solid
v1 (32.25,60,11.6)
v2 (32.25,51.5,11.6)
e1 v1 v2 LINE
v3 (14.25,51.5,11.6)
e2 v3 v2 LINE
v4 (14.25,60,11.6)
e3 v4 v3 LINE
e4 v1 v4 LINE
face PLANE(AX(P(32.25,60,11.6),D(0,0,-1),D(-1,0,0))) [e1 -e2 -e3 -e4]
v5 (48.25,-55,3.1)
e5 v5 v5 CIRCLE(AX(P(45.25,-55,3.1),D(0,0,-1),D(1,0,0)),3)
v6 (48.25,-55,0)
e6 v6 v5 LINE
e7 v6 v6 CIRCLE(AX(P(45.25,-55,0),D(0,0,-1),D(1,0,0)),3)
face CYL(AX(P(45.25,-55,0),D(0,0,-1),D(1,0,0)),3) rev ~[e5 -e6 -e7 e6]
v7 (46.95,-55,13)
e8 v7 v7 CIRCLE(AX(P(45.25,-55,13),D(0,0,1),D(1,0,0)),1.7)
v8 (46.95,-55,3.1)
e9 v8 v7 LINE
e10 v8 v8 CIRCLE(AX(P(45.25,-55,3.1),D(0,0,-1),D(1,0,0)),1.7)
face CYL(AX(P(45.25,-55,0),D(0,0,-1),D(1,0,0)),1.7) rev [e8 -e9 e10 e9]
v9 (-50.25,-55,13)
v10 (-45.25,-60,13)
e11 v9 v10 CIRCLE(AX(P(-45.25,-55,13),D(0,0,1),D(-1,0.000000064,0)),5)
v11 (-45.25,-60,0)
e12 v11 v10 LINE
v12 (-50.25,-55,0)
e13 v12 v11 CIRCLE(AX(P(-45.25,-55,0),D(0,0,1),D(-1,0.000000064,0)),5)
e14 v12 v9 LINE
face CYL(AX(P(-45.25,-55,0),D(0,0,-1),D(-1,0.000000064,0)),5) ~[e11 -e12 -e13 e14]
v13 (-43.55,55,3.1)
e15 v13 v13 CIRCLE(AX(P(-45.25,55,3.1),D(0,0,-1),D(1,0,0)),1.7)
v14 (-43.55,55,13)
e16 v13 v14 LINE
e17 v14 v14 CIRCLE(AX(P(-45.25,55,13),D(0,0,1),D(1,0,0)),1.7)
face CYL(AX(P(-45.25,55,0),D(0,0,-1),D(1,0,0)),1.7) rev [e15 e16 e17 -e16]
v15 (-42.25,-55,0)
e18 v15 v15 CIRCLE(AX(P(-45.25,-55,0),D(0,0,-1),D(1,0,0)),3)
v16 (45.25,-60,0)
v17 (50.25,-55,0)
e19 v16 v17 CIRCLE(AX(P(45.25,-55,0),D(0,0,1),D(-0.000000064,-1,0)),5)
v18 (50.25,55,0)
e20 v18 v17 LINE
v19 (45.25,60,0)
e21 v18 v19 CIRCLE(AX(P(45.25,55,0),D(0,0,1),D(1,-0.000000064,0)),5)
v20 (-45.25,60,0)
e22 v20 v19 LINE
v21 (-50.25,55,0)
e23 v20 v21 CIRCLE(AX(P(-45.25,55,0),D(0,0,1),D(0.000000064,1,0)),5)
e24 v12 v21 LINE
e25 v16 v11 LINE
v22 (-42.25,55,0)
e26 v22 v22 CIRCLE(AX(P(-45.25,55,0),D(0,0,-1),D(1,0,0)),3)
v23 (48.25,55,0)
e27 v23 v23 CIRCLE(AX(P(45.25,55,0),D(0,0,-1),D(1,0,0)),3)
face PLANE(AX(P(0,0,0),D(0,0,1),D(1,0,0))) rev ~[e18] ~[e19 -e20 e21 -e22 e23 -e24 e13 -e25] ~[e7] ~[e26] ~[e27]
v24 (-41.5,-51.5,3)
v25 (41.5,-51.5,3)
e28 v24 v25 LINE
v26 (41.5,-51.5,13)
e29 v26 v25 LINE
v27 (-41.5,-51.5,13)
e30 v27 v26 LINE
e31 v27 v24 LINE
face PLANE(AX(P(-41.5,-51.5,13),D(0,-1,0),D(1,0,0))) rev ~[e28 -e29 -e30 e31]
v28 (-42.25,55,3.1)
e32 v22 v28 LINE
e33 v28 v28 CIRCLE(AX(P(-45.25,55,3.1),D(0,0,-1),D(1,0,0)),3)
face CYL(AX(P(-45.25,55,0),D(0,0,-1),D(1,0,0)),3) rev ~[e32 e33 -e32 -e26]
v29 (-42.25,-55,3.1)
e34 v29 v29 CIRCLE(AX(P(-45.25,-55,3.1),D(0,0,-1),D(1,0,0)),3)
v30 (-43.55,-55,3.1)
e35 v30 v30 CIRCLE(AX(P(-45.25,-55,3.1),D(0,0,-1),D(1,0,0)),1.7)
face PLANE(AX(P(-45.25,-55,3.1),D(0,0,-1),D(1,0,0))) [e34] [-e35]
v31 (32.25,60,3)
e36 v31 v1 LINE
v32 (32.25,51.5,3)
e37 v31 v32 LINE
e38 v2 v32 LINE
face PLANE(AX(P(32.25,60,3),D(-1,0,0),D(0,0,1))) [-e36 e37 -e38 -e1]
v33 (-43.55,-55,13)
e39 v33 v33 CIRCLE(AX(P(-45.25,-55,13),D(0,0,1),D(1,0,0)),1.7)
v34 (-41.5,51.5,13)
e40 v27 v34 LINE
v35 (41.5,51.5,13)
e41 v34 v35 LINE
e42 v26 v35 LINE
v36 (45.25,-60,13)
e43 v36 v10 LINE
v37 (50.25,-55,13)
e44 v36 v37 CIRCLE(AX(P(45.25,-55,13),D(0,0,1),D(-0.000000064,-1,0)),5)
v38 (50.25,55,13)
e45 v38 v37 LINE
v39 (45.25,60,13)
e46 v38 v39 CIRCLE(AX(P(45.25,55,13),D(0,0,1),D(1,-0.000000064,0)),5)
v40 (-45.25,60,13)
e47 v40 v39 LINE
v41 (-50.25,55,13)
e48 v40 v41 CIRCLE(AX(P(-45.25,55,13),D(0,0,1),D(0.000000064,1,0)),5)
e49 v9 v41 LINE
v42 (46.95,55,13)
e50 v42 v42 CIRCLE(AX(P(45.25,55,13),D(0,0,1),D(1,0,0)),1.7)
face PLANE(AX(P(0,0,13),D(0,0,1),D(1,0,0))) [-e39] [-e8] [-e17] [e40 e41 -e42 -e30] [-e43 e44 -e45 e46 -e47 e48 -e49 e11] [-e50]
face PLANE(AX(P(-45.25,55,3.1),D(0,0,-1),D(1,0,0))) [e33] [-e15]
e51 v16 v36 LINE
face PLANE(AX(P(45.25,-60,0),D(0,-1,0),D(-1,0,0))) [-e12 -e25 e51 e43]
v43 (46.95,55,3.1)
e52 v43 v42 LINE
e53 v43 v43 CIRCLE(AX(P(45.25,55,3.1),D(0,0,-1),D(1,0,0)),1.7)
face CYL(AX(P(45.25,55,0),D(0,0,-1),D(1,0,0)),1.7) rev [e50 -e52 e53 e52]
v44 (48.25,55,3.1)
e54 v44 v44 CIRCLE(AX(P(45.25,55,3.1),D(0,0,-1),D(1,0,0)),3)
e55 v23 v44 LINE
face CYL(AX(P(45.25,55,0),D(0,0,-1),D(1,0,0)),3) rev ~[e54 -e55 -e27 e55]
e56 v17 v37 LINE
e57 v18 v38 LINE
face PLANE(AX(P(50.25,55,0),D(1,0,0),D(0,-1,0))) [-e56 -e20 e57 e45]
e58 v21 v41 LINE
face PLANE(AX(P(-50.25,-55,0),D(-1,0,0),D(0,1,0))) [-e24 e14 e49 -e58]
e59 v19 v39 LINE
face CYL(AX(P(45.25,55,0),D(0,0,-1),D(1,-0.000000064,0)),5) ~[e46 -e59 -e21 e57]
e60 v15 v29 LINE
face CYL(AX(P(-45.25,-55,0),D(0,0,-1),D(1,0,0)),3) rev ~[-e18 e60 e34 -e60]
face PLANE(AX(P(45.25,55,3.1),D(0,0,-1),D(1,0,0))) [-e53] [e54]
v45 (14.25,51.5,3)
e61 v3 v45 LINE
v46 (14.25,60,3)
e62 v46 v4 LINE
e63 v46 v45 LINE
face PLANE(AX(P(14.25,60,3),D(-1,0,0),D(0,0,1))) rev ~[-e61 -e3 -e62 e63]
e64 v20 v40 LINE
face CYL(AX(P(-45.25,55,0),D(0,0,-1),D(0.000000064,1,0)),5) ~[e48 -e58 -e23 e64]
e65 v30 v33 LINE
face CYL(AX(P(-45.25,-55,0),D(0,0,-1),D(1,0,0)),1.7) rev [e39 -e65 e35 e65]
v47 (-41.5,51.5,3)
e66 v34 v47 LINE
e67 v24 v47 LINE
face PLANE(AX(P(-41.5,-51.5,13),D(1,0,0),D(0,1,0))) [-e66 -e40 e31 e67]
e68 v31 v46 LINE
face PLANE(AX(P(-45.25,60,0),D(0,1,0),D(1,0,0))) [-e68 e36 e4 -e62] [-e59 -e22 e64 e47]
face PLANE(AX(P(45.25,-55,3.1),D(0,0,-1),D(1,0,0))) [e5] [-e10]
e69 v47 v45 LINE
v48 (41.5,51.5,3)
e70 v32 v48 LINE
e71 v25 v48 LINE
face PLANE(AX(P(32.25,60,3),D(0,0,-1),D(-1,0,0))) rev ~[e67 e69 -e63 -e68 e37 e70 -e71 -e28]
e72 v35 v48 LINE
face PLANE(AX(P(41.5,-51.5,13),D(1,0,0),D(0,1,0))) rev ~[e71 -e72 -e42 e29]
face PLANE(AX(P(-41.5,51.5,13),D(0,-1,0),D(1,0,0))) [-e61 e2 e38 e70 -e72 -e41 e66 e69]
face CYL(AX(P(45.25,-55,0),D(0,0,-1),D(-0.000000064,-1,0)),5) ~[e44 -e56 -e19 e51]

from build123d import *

# Parameters (mm, degrees)
SKETCH_R        = 1.7
PAD_DEPTH       = 13
SKETCH001_W     = 83
SKETCH001_H     = 103
POCKET_DEPTH    = 10
SKETCH002_W     = 18
SKETCH002_H     = 8.6
POCKET001_DEPTH = 11
SKETCH004_R     = 3
POCKET002_DEPTH = 3.1
SKETCH006_R     = 3
POCKET003_DEPTH = 3.1
SKETCH007_R     = 3
POCKET004_DEPTH = 3.1
SKETCH005_R     = 3
POCKET005_DEPTH = 3.1


with BuildPart() as part:
    # Sketch → Pad (new body)
    with BuildSketch(Plane.XY):
        with BuildLine():
            ThreePointArc((-45.25, 60), (-48.785534, 58.535534), (-50.25, 55))
            Line((-50.25, -55), (-50.25, 55))
            ThreePointArc((-50.25, -55), (-48.785534, -58.535534), (-45.25, -60))
            Line((45.25, -60), (-45.25, -60))
            ThreePointArc((45.25, -60), (48.785534, -58.535534), (50.25, -55))
            Line((50.25, 55), (50.25, -55))
            ThreePointArc((50.25, 55), (48.785534, 58.535534), (45.25, 60))
            Line((-45.25, 60), (45.25, 60))
        make_face()
        with Locations((-45.25, 55)):
            Circle(SKETCH_R, mode=Mode.SUBTRACT)
        with Locations((45.25, 55)):
            Circle(SKETCH_R, mode=Mode.SUBTRACT)
        with Locations((45.25, -55)):
            Circle(SKETCH_R, mode=Mode.SUBTRACT)
        with Locations((-45.25, -55)):
            Circle(SKETCH_R, mode=Mode.SUBTRACT)
    extrude(amount=PAD_DEPTH)

    # Sketch001 (on Face14 of Pad) → Pocket (cut)
    with BuildSketch(Plane.XY.offset(13)):
        Rectangle(SKETCH001_W, SKETCH001_H)
    extrude(amount=-POCKET_DEPTH, mode=Mode.SUBTRACT)

    # Sketch002 (on Face2 of Pocket) → Pocket001 (cut)
    with BuildSketch(Plane(origin=(0, 60, 0), x_dir=(-1, 0, 0), z_dir=(0, 1, 0))):
        with Locations((-23.25, 7.3)):
            Rectangle(SKETCH002_W, SKETCH002_H)
    extrude(amount=-POCKET001_DEPTH, mode=Mode.SUBTRACT)

    # Sketch004 (on Face4 of Pocket001) → Pocket002 (cut)
    with BuildSketch(Plane(origin=(0, 0, 0), x_dir=(1, 0, 0), z_dir=(0, 0, -1))):
        with Locations((-45.25, -55)):
            Circle(SKETCH004_R)
    extrude(amount=-POCKET002_DEPTH, mode=Mode.SUBTRACT)

    # Sketch006 (on Face4 of Pocket001) → Pocket003 (cut)
    with BuildSketch(Plane(origin=(0, 0, 0), x_dir=(1, 0, 0), z_dir=(0, 0, -1))):
        with Locations((-45.25, 55)):
            Circle(SKETCH006_R)
    extrude(amount=-POCKET003_DEPTH, mode=Mode.SUBTRACT)

    # Sketch007 (on Face4 of Pocket001) → Pocket004 (cut)
    with BuildSketch(Plane(origin=(0, 0, 0), x_dir=(1, 0, 0), z_dir=(0, 0, -1))):
        with Locations((45.25, 55)):
            Circle(SKETCH007_R)
    extrude(amount=-POCKET004_DEPTH, mode=Mode.SUBTRACT)

    # Sketch005 (on Face4 of Pocket001) → Pocket005 (cut)
    with BuildSketch(Plane(origin=(0, 0, 0), x_dir=(1, 0, 0), z_dir=(0, 0, -1))):
        with Locations((45.25, -55)):
            Circle(SKETCH005_R)
    extrude(amount=-POCKET005_DEPTH, mode=Mode.SUBTRACT)


solid = part.part
